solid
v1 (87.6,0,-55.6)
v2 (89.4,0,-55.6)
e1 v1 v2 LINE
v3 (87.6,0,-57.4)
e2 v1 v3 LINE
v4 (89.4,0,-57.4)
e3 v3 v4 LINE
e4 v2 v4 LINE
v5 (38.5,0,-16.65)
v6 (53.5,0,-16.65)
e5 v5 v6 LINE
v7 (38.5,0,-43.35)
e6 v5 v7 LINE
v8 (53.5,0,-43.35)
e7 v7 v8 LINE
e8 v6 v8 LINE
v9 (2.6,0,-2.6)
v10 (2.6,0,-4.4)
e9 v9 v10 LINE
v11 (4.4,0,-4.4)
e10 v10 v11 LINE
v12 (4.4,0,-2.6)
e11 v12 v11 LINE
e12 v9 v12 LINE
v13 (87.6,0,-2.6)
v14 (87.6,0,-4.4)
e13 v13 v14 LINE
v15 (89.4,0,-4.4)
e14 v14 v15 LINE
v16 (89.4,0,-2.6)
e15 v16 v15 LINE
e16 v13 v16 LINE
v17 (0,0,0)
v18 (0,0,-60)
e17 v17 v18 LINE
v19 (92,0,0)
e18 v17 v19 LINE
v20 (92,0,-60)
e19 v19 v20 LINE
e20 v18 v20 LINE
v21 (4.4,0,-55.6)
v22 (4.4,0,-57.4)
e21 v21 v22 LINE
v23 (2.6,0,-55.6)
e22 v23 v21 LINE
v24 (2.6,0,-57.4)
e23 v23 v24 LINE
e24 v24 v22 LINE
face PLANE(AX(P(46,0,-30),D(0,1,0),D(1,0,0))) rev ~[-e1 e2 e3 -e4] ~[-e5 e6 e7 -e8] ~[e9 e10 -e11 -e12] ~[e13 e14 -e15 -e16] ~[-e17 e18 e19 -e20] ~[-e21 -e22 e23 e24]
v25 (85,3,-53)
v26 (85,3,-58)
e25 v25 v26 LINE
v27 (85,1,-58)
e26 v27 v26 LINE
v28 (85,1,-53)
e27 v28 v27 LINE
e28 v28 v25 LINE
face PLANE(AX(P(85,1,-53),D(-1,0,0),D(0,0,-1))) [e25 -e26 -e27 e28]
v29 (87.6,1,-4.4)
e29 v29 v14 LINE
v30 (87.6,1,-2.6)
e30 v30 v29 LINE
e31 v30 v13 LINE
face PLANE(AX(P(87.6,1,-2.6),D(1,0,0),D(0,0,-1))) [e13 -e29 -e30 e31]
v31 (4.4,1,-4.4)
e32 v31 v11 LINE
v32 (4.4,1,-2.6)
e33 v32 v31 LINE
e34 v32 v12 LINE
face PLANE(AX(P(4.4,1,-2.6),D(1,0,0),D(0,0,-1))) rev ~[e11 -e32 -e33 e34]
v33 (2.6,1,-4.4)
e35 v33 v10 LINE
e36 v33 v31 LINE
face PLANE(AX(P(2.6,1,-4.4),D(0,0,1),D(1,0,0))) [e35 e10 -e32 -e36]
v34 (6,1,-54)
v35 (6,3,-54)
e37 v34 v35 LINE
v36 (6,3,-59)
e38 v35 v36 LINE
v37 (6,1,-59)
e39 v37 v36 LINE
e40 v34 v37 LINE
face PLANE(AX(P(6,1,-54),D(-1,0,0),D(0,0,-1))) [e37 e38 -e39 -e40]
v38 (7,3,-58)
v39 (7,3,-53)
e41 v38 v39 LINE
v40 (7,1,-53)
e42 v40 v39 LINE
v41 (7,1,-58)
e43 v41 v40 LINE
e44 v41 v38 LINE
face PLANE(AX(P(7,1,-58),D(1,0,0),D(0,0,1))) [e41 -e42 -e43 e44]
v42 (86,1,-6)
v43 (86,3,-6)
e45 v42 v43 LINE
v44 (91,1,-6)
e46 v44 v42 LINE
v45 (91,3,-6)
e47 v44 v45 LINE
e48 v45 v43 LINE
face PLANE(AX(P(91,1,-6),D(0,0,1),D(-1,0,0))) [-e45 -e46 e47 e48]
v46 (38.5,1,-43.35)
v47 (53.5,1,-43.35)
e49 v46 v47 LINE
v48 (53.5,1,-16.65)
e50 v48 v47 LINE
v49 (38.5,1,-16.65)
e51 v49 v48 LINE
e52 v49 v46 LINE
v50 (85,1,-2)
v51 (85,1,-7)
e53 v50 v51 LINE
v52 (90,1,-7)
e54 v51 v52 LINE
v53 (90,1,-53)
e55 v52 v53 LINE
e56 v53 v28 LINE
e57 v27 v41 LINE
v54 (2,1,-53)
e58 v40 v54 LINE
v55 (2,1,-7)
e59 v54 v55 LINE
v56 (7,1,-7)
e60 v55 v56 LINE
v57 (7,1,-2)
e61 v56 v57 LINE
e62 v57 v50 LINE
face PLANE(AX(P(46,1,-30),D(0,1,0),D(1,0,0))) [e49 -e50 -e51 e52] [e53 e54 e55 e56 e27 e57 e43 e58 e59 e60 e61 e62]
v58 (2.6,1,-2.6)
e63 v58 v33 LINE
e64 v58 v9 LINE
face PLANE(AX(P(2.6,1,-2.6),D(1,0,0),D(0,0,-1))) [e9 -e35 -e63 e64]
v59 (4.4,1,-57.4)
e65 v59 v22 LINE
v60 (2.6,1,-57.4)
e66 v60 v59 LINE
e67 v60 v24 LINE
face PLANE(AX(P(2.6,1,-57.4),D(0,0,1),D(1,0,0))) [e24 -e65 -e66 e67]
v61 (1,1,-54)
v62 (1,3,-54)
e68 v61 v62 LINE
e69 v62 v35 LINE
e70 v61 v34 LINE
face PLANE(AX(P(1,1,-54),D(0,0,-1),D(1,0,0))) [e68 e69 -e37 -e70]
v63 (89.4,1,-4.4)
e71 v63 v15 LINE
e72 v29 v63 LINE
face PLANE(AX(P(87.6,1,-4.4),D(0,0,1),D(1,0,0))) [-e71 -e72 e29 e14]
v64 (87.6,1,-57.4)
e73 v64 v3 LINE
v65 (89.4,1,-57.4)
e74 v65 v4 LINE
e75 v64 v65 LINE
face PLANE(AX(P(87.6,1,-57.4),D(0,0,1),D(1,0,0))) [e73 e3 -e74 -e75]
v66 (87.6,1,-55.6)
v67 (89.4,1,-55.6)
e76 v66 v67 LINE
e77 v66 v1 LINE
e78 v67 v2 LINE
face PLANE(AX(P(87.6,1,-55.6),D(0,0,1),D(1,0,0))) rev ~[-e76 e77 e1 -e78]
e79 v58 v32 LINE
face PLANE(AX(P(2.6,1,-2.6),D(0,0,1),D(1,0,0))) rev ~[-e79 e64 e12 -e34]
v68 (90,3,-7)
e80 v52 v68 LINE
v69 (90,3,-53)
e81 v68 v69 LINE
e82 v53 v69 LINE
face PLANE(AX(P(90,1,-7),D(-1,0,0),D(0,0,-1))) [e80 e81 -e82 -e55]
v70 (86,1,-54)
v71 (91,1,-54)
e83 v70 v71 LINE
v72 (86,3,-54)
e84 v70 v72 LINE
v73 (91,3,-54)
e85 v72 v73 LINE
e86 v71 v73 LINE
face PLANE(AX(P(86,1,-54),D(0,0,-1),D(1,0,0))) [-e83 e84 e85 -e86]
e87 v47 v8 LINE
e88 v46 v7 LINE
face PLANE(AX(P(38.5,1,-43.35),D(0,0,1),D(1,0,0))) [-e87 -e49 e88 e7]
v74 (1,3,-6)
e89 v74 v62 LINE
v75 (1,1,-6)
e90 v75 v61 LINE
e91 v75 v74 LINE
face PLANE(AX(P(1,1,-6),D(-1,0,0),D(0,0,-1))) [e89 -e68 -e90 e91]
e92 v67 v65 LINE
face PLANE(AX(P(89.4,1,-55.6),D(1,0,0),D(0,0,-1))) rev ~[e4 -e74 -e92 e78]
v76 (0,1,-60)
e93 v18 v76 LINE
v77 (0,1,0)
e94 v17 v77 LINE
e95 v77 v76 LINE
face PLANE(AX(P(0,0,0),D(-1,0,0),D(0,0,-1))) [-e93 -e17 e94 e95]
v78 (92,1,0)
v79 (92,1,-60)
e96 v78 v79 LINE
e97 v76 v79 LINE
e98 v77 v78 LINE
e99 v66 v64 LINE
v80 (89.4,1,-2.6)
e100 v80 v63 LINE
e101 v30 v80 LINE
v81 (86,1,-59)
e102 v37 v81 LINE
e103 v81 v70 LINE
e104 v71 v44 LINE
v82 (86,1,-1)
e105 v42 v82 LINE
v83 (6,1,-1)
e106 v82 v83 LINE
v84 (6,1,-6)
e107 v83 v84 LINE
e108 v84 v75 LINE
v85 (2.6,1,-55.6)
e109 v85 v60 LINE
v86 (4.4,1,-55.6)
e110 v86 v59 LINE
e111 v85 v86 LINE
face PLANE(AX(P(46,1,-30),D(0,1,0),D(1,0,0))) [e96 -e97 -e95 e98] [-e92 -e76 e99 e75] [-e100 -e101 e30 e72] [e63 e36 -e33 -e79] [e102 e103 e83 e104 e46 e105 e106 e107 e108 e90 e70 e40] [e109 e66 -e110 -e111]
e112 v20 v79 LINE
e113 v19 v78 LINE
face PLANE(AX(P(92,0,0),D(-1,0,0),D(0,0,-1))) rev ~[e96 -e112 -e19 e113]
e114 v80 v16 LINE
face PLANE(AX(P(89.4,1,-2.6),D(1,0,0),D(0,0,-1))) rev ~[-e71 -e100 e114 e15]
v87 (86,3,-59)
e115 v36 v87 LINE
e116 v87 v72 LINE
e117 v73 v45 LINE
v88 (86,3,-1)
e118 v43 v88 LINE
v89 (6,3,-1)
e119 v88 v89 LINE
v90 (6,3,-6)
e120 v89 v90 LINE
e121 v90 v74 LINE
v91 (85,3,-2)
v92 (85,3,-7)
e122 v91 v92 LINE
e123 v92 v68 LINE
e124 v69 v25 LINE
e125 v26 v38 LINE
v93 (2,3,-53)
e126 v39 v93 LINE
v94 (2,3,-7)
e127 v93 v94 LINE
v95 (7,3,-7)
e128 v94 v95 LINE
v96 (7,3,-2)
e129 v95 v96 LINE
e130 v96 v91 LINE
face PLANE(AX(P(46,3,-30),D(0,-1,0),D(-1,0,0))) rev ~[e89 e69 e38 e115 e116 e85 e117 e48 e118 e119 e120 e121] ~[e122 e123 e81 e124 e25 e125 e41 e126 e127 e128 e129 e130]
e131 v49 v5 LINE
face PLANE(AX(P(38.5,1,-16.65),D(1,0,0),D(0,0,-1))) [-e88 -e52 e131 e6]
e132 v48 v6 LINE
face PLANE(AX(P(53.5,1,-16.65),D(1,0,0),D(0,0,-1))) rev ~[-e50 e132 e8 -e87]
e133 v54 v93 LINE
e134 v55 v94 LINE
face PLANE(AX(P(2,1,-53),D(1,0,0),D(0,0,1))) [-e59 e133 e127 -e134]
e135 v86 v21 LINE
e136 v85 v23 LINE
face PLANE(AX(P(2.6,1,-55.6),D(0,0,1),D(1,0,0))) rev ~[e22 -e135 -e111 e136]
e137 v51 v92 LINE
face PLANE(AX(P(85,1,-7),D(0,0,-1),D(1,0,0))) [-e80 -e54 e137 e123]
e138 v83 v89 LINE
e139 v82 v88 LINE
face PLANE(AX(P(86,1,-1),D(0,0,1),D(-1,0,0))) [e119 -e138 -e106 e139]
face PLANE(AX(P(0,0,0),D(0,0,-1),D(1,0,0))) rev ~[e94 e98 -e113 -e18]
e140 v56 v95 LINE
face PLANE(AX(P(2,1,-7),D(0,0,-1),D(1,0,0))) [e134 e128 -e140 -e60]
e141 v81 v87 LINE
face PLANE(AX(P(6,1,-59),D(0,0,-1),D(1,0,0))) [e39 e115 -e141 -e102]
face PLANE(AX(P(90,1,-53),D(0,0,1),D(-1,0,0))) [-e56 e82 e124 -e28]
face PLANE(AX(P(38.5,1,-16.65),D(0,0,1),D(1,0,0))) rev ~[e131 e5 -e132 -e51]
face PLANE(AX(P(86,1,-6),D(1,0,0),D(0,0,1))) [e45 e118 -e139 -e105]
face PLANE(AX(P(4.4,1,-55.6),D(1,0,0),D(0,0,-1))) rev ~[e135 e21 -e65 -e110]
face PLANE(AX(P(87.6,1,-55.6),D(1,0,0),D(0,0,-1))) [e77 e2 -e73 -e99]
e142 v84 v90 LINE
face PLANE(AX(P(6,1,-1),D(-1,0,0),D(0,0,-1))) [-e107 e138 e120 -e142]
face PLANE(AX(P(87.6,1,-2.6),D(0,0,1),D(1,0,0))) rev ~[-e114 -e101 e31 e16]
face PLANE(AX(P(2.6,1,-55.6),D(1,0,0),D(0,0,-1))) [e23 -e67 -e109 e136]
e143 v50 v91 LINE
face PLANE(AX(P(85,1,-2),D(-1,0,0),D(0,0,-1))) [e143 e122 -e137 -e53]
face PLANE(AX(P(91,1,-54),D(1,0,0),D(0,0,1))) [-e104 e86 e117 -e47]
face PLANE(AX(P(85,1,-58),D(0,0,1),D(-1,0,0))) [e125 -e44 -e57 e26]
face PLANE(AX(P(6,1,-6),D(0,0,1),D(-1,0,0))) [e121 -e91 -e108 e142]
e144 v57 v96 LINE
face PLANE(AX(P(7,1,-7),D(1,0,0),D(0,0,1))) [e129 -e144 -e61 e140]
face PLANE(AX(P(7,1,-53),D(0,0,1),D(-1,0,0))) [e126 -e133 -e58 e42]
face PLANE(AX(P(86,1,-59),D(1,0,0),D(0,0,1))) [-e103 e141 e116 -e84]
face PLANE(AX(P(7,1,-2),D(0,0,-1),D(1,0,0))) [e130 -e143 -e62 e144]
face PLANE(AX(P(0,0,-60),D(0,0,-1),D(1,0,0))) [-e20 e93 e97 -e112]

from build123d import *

# Parameters (mm, degrees)
SKETCH_1_W          = 92
SKETCH_1_H          = 60
EXTRUDE_1_DEPTH     = 1
EXTRUDE_3_DEPTH     = 2
SKETCH_6_W          = 1.8
SKETCH_6_H          = 1.8
CUT_EXTRUDE_3_DEPTH = 1
SKETCH_7_W          = 1.8
SKETCH_7_H          = 1.8
CUT_EXTRUDE_4_DEPTH = 1
SKETCH_8_W          = 1.8
SKETCH_8_H          = 1.8
CUT_EXTRUDE_5_DEPTH = 1
SKETCH_9_W          = 1.8
SKETCH_9_H          = 1.8
CUT_EXTRUDE_6_DEPTH = 1
SKETCH_15_W         = 15
SKETCH_15_H         = 26.7
CUT_EXTRUDE_8_DEPTH = 1


with BuildPart() as part:
    # Эскиз1 → Бобышка-Вытянуть1 (new body)
    with BuildSketch(Plane(origin=(0, 0, 0), x_dir=(1, 0, 0), z_dir=(0, 1, 0))):
        with Locations((46, 30)):
            Rectangle(SKETCH_1_W, SKETCH_1_H)
    extrude(amount=EXTRUDE_1_DEPTH)

    # Эскиз3 → Бобышка-Вытянуть3 (add)
    with BuildSketch(Plane(origin=(0, 1, 0), x_dir=(1, 0, 0), z_dir=(0, 1, 0))):
        Polygon((86, 54), (91, 54), (91, 6), (86, 6), (86, 1), (6, 1), (6, 6), (1, 6), (1, 54), (6, 54), (6, 59), (86, 59), align=None)
        Polygon((7, 58), (7, 53), (2, 53), (2, 7), (7, 7), (7, 2), (85, 2), (85, 7), (90, 7), (90, 53), (85, 53), (85, 58), align=None, mode=Mode.SUBTRACT)
    extrude(amount=EXTRUDE_3_DEPTH)

    # Эскиз6 → Вырез-Вытянуть3 (cut)
    with BuildSketch(Plane(origin=(0, 1, 0), x_dir=(1, 0, 0), z_dir=(0, 1, 0))):
        with Locations((3.5, 56.5)):
            Rectangle(SKETCH_6_W, SKETCH_6_H)
    extrude(amount=-CUT_EXTRUDE_3_DEPTH, mode=Mode.SUBTRACT)

    # Эскиз7 → Вырез-Вытянуть4 (cut)
    with BuildSketch(Plane(origin=(0, 1, 0), x_dir=(1, 0, 0), z_dir=(0, 1, 0))):
        with Locations((88.5, 56.5)):
            Rectangle(SKETCH_7_W, SKETCH_7_H)
    extrude(amount=-CUT_EXTRUDE_4_DEPTH, mode=Mode.SUBTRACT)

    # Эскиз8 → Вырез-Вытянуть5 (cut)
    with BuildSketch(Plane(origin=(0, 1, 0), x_dir=(1, 0, 0), z_dir=(0, 1, 0))):
        with Locations((88.5, 3.5)):
            Rectangle(SKETCH_8_W, SKETCH_8_H)
    extrude(amount=-CUT_EXTRUDE_5_DEPTH, mode=Mode.SUBTRACT)

    # Эскиз9 → Вырез-Вытянуть6 (cut)
    with BuildSketch(Plane(origin=(0, 1, 0), x_dir=(1, 0, 0), z_dir=(0, 1, 0))):
        with Locations((3.5, 3.5)):
            Rectangle(SKETCH_9_W, SKETCH_9_H)
    extrude(amount=-CUT_EXTRUDE_6_DEPTH, mode=Mode.SUBTRACT)

    # Эскиз15 → Вырез-Вытянуть8 (cut)
    with BuildSketch(Plane(origin=(0, 1, 0), x_dir=(1, 0, 0), z_dir=(0, 1, 0))):
        with Locations((46, 30)):
            Rectangle(SKETCH_15_W, SKETCH_15_H)
    extrude(amount=-CUT_EXTRUDE_8_DEPTH, mode=Mode.SUBTRACT)


solid = part.part
